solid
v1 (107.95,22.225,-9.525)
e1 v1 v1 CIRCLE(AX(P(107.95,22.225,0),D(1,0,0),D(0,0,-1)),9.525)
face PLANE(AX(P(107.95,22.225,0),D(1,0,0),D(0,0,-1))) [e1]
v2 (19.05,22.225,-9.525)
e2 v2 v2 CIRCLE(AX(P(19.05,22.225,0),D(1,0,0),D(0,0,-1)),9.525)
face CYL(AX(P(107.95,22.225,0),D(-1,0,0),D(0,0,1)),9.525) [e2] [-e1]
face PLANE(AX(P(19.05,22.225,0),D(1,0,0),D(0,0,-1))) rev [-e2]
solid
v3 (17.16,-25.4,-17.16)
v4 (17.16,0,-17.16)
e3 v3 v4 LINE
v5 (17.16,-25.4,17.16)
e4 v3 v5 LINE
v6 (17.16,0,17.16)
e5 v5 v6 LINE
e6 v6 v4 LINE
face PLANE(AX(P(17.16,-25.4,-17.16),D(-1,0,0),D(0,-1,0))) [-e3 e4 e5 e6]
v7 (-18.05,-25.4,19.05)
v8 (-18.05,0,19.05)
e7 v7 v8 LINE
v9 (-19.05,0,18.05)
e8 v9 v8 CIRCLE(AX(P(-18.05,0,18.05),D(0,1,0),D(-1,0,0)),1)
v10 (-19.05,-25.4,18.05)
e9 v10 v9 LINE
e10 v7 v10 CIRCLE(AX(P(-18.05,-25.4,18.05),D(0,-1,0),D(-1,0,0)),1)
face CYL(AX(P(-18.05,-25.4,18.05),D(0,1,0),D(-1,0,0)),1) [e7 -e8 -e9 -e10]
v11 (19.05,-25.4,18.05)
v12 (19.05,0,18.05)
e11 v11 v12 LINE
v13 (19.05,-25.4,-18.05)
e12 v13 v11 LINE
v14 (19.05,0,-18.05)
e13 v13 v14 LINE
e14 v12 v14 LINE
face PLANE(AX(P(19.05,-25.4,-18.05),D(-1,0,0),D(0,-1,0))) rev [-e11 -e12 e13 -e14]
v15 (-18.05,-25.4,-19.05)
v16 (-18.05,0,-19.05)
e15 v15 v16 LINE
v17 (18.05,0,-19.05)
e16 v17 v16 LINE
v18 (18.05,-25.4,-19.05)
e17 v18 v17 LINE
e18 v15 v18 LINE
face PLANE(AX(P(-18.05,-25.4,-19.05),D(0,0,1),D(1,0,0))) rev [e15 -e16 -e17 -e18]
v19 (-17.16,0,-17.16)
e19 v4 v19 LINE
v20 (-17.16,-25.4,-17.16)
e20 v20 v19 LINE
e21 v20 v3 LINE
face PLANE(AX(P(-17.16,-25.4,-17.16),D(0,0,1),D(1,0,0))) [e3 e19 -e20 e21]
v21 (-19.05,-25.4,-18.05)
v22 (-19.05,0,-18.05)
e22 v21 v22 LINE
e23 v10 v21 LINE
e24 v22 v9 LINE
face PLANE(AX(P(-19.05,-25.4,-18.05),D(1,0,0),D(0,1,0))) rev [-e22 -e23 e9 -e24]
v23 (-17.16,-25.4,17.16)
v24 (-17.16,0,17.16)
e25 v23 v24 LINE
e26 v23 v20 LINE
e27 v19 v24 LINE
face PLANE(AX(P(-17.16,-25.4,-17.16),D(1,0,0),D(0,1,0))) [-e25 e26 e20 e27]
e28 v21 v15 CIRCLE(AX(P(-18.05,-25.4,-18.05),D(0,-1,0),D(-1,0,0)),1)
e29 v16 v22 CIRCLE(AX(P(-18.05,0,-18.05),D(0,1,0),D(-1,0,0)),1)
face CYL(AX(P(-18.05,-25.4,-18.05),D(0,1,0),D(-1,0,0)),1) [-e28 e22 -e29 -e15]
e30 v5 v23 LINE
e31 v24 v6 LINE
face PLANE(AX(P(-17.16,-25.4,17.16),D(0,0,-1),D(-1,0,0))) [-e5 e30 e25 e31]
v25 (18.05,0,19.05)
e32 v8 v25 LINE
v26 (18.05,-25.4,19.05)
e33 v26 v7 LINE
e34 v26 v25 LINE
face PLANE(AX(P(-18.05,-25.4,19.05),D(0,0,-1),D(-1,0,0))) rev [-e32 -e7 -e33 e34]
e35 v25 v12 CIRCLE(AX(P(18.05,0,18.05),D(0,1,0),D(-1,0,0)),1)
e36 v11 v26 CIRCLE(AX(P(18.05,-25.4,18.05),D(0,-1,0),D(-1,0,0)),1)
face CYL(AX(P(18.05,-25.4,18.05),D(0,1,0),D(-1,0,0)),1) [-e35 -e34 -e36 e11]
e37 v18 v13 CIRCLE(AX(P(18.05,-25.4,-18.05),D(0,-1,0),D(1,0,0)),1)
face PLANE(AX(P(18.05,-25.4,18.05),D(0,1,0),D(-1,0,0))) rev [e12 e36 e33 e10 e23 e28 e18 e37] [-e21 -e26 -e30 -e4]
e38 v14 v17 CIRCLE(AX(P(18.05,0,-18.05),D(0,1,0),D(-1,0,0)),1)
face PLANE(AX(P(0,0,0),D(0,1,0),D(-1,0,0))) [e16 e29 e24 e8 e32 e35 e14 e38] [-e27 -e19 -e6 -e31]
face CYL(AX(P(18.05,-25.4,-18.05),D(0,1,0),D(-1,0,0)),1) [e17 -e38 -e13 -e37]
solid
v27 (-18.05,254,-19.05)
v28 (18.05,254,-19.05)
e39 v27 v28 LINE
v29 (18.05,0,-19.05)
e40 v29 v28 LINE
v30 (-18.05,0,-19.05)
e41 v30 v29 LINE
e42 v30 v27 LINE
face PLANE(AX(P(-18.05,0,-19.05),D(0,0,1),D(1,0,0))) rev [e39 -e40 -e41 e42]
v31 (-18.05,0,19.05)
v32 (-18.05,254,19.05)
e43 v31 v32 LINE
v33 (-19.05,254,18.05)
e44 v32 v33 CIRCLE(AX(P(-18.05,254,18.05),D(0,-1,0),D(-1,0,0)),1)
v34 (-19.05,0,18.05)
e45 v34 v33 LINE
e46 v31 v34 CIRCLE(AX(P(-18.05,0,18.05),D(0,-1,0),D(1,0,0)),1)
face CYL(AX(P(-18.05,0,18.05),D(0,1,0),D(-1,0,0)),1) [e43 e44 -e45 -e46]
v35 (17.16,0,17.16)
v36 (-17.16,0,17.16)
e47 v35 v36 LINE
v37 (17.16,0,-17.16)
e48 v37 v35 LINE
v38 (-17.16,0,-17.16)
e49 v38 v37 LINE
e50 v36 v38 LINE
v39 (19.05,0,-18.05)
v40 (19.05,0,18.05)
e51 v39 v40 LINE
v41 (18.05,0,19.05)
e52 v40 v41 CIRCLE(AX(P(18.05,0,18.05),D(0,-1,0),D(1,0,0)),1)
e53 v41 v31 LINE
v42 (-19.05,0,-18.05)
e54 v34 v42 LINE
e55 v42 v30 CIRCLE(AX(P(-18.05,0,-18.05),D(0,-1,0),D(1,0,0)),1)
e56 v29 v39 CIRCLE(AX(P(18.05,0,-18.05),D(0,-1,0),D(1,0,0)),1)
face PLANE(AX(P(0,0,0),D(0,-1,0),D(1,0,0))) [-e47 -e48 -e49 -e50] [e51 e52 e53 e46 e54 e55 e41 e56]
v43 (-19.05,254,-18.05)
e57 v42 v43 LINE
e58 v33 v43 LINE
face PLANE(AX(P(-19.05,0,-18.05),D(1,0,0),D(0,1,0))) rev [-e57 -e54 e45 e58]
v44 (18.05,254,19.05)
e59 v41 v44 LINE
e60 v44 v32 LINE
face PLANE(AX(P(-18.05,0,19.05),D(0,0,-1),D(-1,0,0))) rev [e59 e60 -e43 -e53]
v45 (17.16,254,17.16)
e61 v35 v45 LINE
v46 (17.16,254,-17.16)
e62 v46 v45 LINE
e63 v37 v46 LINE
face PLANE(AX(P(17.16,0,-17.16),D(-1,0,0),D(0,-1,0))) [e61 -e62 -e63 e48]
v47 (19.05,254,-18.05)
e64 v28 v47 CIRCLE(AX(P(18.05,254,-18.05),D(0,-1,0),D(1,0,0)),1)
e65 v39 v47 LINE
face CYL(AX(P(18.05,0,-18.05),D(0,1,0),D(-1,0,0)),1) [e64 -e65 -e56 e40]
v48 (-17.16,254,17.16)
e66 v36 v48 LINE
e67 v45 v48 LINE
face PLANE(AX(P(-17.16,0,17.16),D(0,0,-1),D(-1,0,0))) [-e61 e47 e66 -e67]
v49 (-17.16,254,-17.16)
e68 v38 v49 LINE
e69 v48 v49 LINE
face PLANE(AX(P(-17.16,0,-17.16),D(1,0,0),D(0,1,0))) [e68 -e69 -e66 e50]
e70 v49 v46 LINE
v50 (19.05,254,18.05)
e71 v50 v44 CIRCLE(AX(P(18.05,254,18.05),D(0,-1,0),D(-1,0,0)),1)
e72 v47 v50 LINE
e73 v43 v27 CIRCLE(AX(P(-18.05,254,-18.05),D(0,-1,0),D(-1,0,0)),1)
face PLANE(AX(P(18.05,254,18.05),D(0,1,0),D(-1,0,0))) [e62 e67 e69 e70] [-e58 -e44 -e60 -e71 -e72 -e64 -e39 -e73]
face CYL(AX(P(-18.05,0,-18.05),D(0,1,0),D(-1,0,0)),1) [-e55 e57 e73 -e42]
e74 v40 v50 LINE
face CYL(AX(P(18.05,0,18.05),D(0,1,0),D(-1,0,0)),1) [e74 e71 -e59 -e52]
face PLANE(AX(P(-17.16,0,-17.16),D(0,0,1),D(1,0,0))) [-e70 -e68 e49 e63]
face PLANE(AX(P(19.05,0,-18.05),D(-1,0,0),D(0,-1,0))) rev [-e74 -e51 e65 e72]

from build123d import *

# Parameters (mm, degrees)
CROQUIS11_W                         = 34.32
CROQUIS11_H                         = 34.32
PTR_PTR_1_5X1_5_CALIBRE14_1_DEPTH   = 254
CROQUIS11_ON_SEGMENT_2_W            = 34.32
CROQUIS11_ON_SEGMENT_2_H            = 34.32
PTR_PTR_1_5X1_5_CALIBRE14_1_2_DEPTH = 25.4
CROQUIS13_R                         = 9.525
SALIENTE_EXTRUIR1_DEPTH             = 88.9


with BuildPart() as part:
    # Croquis11 → Ptr PTR_1.5X1.5_CALIBRE14(1) (new body)
    with BuildSketch(Plane.XZ.offset(-254)):
        with BuildLine():
            Line((-18.05, -19.05), (18.05, -19.05))
            ThreePointArc((18.05, -19.05), (18.757106781, -18.757106781), (19.05, -18.05))
            Line((19.05, -18.05), (19.05, 18.05))
            ThreePointArc((19.05, 18.05), (18.757106781, 18.757106781), (18.05, 19.05))
            Line((18.05, 19.05), (-18.05, 19.05))
            ThreePointArc((-18.05, 19.05), (-18.757106781, 18.757106781), (-19.05, 18.05))
            Line((-19.05, 18.05), (-19.05, -18.05))
            ThreePointArc((-19.05, -18.05), (-18.757106781, -18.757106781), (-18.05, -19.05))
        make_face()
        Rectangle(CROQUIS11_W, CROQUIS11_H, mode=Mode.SUBTRACT)
    extrude(amount=PTR_PTR_1_5X1_5_CALIBRE14_1_DEPTH)


with BuildPart() as body_2:
    # Croquis11 on segment 2 (carried to segment 2) → Ptr PTR_1.5X1.5_CALIBRE14_1 2 (new body)
    with BuildSketch(Plane.XZ):
        with BuildLine():
            Line((-18.05, -19.05), (18.05, -19.05))
            ThreePointArc((18.05, -19.05), (18.757106781, -18.757106781), (19.05, -18.05))
            Line((19.05, -18.05), (19.05, 18.05))
            ThreePointArc((19.05, 18.05), (18.757106781, 18.757106781), (18.05, 19.05))
            Line((18.05, 19.05), (-18.05, 19.05))
            ThreePointArc((-18.05, 19.05), (-18.757106781, 18.757106781), (-19.05, 18.05))
            Line((-19.05, 18.05), (-19.05, -18.05))
            ThreePointArc((-19.05, -18.05), (-18.757106781, -18.757106781), (-18.05, -19.05))
        make_face()
        Rectangle(CROQUIS11_ON_SEGMENT_2_W, CROQUIS11_ON_SEGMENT_2_H, mode=Mode.SUBTRACT)
    extrude(amount=PTR_PTR_1_5X1_5_CALIBRE14_1_2_DEPTH)


with BuildPart() as body_3:
    # Croquis13 → Saliente-Extruir1 (new body)
    with BuildSketch(Plane(origin=(19.05, 0, 0), x_dir=(0, 0, -1), z_dir=(1, 0, 0))):
        with Locations((0, 22.225)):
            Circle(CROQUIS13_R)
    extrude(amount=SALIENTE_EXTRUIR1_DEPTH)


solid = Compound([part.part, body_2.part, body_3.part])
